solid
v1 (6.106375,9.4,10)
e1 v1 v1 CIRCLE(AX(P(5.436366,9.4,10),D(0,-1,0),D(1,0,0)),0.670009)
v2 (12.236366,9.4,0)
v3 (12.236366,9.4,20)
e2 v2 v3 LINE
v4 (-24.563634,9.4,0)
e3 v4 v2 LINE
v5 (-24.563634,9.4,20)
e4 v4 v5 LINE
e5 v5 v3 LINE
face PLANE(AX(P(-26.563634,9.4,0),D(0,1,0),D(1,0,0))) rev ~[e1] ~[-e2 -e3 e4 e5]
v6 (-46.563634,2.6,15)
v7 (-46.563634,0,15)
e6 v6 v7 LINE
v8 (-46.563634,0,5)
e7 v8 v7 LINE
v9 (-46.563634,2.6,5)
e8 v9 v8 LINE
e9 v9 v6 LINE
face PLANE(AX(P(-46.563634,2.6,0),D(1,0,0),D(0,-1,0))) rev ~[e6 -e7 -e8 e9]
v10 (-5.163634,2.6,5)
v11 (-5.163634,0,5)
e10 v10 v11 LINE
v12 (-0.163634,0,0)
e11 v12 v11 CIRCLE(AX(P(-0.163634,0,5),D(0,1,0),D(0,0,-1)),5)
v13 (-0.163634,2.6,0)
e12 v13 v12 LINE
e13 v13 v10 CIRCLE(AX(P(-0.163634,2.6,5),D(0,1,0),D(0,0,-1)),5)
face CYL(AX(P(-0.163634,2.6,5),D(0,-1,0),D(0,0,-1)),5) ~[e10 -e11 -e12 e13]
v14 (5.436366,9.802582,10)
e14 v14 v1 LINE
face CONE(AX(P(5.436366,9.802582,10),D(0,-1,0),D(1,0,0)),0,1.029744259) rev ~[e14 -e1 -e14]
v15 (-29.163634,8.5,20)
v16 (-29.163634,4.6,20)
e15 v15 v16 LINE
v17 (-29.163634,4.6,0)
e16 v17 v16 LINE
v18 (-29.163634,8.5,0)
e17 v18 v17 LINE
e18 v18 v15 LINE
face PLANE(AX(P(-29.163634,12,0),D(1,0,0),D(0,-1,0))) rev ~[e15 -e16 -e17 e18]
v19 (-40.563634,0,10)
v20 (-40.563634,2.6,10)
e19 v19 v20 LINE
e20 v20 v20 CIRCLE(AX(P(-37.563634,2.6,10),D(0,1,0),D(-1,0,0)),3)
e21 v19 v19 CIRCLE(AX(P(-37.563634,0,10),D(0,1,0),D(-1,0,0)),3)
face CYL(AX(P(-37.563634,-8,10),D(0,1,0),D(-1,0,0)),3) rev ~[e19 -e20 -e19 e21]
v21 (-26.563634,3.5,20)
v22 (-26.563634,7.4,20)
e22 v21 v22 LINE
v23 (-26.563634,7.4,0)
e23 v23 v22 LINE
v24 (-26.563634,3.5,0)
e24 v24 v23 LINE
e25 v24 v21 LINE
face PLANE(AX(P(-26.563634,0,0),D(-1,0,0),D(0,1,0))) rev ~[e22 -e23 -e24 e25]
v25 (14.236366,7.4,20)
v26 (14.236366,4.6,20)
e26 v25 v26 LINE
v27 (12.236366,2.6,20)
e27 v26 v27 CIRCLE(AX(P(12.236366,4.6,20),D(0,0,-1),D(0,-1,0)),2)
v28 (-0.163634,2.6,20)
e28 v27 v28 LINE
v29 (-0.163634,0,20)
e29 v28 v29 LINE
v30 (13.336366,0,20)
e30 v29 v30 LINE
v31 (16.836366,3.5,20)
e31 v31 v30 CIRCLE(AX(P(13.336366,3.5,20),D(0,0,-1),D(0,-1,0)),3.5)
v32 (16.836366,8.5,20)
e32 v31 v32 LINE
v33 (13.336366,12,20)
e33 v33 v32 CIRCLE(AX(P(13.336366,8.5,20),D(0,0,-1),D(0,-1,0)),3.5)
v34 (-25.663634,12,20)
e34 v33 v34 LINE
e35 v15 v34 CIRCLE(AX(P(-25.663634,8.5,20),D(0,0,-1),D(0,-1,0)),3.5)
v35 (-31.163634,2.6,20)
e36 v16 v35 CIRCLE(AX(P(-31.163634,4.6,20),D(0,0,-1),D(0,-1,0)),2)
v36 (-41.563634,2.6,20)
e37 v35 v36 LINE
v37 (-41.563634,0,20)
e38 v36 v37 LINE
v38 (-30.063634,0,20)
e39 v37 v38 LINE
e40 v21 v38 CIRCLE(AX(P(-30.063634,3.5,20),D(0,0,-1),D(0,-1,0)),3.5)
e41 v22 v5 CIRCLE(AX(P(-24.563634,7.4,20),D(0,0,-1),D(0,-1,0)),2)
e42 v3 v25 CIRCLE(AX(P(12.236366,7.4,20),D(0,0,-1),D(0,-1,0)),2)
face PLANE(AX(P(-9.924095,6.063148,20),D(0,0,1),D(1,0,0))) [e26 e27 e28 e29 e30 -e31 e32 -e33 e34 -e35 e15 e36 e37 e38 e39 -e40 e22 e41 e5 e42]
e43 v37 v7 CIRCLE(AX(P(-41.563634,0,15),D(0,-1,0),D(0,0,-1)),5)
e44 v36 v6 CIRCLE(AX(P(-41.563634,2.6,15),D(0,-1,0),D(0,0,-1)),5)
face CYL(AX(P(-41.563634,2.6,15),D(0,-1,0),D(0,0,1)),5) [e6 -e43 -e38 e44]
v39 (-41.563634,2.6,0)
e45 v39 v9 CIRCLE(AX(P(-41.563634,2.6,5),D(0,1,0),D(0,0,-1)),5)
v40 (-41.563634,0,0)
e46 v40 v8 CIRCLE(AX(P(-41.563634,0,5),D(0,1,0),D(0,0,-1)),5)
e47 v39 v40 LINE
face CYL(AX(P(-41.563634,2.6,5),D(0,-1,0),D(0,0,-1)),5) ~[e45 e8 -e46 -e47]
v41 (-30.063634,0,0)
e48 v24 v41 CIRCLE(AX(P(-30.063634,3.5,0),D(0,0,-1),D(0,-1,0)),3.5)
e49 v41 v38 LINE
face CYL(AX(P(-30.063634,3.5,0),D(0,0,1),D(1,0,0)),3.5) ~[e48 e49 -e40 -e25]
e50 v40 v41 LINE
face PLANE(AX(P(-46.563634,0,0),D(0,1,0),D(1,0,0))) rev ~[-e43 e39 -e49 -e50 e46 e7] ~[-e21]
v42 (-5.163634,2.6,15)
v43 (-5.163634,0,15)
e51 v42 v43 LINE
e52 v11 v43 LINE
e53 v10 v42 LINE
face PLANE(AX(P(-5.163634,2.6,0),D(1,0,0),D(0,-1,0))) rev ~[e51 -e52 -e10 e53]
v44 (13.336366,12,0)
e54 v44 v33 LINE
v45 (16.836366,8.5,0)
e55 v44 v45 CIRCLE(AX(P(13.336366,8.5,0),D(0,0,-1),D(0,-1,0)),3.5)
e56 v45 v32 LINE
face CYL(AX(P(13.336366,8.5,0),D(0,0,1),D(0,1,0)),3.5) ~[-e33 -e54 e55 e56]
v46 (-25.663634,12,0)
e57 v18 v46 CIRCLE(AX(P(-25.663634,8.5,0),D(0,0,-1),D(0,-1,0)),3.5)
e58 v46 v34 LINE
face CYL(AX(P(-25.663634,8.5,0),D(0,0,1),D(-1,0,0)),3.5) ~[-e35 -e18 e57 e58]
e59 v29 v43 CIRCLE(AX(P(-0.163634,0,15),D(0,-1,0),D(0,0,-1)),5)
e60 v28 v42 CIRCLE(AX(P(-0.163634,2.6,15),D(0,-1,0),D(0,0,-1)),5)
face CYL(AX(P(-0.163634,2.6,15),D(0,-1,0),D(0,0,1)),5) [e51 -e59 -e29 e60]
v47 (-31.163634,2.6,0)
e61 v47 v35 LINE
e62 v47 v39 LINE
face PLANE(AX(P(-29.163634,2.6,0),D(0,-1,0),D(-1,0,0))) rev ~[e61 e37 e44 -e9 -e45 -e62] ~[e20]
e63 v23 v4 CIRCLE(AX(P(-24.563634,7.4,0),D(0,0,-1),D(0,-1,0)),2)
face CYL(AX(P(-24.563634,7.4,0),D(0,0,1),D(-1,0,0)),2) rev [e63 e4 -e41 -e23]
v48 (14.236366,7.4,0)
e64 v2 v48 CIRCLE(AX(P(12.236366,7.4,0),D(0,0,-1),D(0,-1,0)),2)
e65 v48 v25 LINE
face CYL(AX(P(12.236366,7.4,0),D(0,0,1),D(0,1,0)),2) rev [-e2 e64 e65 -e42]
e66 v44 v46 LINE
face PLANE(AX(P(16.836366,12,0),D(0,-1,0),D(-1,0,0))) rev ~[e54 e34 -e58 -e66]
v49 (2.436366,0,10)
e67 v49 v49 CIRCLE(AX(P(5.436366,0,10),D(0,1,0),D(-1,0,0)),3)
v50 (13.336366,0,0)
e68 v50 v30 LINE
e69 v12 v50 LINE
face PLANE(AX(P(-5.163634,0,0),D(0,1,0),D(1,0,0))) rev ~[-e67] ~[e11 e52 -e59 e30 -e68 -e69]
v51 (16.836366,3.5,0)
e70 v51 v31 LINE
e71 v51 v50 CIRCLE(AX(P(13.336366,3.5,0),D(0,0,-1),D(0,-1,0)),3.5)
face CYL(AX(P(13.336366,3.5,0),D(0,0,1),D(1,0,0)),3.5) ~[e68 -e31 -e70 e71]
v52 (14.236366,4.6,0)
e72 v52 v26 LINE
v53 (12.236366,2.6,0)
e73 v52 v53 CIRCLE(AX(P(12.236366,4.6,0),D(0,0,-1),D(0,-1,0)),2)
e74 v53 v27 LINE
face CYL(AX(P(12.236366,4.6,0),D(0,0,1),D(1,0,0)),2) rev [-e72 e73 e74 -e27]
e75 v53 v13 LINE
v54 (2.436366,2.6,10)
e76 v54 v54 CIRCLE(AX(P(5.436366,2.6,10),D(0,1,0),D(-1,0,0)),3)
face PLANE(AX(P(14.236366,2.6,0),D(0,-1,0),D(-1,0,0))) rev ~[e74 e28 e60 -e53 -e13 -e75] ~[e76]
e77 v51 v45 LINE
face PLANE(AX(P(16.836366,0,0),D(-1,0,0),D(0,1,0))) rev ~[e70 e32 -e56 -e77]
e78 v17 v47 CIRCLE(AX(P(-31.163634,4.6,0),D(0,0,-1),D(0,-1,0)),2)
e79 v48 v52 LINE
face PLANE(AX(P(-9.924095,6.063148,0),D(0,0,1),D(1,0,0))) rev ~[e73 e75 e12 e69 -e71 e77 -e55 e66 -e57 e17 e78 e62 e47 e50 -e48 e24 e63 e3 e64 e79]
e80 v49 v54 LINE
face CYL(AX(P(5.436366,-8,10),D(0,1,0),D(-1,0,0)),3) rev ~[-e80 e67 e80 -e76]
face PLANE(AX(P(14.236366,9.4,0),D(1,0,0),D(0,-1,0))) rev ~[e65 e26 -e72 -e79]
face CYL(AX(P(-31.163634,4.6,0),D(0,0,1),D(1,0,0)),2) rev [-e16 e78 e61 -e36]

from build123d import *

# Parameters (mm, degrees)
F1_DEPTH = 20
F2_R     = 2
F3_R     = 3.5
F4_R     = 5
F6_D     = 6
F6_DEPTH = 8
F6_TIP   = 1.8025818571


with BuildPart() as f1:
    # F0 (on Top) → F1 (new body)
    with BuildSketch(Plane.XY):
        Polygon((-46.5636339205, 2.6), (-46.5636339205, 0), (-26.5636339205, 0), (-26.5636339205, 9.4), (14.2363660795, 9.4), (14.2363660795, 2.6), (-5.1636339205, 2.6), (-5.1636339205, 0), (16.8363660795, 0), (16.8363660795, 12), (-29.1636339205, 12), (-29.1636339205, 2.6), align=None)
    extrude(amount=F1_DEPTH)

    # F2
    f2_edges = [f1.edges().sort_by_distance(p)[0] for p in [
        (-29.163634, 2.6, 10),
        (14.236366, 2.6, 10),
        (14.236366, 9.4, 10),
        (-26.563634, 9.4, 10),
    ]]
    fillet(f2_edges, radius=F2_R)

    # F3
    f3_edges = [f1.edges().sort_by_distance(p)[0] for p in [
        (16.836366, 12, 10),
        (-29.163634, 12, 10),
        (-26.563634, 0, 10),
        (16.836366, 0, 10),
    ]]
    fillet(f3_edges, radius=F3_R)

    # F4
    f4_edges = [f1.edges().sort_by_distance(p)[0] for p in [
        (-46.563634, 1.3, 0),
        (-46.563634, 1.3, 20),
        (-5.163634, 1.3, 20),
        (-5.163634, 1.3, 0),
    ]]
    fillet(f4_edges, radius=F4_R)

    # F6
    with Locations(Plane.XZ):
        with Locations((-37.5636339205, 10), (5.4363660795, 10)):
            Hole(F6_D / 2, depth=F6_DEPTH)
            with Locations((0, 0, -(F6_DEPTH + F6_TIP / 2))):  # 118° drill point
                Cone(0, F6_D / 2, F6_TIP, mode=Mode.SUBTRACT)


solid = f1.part
